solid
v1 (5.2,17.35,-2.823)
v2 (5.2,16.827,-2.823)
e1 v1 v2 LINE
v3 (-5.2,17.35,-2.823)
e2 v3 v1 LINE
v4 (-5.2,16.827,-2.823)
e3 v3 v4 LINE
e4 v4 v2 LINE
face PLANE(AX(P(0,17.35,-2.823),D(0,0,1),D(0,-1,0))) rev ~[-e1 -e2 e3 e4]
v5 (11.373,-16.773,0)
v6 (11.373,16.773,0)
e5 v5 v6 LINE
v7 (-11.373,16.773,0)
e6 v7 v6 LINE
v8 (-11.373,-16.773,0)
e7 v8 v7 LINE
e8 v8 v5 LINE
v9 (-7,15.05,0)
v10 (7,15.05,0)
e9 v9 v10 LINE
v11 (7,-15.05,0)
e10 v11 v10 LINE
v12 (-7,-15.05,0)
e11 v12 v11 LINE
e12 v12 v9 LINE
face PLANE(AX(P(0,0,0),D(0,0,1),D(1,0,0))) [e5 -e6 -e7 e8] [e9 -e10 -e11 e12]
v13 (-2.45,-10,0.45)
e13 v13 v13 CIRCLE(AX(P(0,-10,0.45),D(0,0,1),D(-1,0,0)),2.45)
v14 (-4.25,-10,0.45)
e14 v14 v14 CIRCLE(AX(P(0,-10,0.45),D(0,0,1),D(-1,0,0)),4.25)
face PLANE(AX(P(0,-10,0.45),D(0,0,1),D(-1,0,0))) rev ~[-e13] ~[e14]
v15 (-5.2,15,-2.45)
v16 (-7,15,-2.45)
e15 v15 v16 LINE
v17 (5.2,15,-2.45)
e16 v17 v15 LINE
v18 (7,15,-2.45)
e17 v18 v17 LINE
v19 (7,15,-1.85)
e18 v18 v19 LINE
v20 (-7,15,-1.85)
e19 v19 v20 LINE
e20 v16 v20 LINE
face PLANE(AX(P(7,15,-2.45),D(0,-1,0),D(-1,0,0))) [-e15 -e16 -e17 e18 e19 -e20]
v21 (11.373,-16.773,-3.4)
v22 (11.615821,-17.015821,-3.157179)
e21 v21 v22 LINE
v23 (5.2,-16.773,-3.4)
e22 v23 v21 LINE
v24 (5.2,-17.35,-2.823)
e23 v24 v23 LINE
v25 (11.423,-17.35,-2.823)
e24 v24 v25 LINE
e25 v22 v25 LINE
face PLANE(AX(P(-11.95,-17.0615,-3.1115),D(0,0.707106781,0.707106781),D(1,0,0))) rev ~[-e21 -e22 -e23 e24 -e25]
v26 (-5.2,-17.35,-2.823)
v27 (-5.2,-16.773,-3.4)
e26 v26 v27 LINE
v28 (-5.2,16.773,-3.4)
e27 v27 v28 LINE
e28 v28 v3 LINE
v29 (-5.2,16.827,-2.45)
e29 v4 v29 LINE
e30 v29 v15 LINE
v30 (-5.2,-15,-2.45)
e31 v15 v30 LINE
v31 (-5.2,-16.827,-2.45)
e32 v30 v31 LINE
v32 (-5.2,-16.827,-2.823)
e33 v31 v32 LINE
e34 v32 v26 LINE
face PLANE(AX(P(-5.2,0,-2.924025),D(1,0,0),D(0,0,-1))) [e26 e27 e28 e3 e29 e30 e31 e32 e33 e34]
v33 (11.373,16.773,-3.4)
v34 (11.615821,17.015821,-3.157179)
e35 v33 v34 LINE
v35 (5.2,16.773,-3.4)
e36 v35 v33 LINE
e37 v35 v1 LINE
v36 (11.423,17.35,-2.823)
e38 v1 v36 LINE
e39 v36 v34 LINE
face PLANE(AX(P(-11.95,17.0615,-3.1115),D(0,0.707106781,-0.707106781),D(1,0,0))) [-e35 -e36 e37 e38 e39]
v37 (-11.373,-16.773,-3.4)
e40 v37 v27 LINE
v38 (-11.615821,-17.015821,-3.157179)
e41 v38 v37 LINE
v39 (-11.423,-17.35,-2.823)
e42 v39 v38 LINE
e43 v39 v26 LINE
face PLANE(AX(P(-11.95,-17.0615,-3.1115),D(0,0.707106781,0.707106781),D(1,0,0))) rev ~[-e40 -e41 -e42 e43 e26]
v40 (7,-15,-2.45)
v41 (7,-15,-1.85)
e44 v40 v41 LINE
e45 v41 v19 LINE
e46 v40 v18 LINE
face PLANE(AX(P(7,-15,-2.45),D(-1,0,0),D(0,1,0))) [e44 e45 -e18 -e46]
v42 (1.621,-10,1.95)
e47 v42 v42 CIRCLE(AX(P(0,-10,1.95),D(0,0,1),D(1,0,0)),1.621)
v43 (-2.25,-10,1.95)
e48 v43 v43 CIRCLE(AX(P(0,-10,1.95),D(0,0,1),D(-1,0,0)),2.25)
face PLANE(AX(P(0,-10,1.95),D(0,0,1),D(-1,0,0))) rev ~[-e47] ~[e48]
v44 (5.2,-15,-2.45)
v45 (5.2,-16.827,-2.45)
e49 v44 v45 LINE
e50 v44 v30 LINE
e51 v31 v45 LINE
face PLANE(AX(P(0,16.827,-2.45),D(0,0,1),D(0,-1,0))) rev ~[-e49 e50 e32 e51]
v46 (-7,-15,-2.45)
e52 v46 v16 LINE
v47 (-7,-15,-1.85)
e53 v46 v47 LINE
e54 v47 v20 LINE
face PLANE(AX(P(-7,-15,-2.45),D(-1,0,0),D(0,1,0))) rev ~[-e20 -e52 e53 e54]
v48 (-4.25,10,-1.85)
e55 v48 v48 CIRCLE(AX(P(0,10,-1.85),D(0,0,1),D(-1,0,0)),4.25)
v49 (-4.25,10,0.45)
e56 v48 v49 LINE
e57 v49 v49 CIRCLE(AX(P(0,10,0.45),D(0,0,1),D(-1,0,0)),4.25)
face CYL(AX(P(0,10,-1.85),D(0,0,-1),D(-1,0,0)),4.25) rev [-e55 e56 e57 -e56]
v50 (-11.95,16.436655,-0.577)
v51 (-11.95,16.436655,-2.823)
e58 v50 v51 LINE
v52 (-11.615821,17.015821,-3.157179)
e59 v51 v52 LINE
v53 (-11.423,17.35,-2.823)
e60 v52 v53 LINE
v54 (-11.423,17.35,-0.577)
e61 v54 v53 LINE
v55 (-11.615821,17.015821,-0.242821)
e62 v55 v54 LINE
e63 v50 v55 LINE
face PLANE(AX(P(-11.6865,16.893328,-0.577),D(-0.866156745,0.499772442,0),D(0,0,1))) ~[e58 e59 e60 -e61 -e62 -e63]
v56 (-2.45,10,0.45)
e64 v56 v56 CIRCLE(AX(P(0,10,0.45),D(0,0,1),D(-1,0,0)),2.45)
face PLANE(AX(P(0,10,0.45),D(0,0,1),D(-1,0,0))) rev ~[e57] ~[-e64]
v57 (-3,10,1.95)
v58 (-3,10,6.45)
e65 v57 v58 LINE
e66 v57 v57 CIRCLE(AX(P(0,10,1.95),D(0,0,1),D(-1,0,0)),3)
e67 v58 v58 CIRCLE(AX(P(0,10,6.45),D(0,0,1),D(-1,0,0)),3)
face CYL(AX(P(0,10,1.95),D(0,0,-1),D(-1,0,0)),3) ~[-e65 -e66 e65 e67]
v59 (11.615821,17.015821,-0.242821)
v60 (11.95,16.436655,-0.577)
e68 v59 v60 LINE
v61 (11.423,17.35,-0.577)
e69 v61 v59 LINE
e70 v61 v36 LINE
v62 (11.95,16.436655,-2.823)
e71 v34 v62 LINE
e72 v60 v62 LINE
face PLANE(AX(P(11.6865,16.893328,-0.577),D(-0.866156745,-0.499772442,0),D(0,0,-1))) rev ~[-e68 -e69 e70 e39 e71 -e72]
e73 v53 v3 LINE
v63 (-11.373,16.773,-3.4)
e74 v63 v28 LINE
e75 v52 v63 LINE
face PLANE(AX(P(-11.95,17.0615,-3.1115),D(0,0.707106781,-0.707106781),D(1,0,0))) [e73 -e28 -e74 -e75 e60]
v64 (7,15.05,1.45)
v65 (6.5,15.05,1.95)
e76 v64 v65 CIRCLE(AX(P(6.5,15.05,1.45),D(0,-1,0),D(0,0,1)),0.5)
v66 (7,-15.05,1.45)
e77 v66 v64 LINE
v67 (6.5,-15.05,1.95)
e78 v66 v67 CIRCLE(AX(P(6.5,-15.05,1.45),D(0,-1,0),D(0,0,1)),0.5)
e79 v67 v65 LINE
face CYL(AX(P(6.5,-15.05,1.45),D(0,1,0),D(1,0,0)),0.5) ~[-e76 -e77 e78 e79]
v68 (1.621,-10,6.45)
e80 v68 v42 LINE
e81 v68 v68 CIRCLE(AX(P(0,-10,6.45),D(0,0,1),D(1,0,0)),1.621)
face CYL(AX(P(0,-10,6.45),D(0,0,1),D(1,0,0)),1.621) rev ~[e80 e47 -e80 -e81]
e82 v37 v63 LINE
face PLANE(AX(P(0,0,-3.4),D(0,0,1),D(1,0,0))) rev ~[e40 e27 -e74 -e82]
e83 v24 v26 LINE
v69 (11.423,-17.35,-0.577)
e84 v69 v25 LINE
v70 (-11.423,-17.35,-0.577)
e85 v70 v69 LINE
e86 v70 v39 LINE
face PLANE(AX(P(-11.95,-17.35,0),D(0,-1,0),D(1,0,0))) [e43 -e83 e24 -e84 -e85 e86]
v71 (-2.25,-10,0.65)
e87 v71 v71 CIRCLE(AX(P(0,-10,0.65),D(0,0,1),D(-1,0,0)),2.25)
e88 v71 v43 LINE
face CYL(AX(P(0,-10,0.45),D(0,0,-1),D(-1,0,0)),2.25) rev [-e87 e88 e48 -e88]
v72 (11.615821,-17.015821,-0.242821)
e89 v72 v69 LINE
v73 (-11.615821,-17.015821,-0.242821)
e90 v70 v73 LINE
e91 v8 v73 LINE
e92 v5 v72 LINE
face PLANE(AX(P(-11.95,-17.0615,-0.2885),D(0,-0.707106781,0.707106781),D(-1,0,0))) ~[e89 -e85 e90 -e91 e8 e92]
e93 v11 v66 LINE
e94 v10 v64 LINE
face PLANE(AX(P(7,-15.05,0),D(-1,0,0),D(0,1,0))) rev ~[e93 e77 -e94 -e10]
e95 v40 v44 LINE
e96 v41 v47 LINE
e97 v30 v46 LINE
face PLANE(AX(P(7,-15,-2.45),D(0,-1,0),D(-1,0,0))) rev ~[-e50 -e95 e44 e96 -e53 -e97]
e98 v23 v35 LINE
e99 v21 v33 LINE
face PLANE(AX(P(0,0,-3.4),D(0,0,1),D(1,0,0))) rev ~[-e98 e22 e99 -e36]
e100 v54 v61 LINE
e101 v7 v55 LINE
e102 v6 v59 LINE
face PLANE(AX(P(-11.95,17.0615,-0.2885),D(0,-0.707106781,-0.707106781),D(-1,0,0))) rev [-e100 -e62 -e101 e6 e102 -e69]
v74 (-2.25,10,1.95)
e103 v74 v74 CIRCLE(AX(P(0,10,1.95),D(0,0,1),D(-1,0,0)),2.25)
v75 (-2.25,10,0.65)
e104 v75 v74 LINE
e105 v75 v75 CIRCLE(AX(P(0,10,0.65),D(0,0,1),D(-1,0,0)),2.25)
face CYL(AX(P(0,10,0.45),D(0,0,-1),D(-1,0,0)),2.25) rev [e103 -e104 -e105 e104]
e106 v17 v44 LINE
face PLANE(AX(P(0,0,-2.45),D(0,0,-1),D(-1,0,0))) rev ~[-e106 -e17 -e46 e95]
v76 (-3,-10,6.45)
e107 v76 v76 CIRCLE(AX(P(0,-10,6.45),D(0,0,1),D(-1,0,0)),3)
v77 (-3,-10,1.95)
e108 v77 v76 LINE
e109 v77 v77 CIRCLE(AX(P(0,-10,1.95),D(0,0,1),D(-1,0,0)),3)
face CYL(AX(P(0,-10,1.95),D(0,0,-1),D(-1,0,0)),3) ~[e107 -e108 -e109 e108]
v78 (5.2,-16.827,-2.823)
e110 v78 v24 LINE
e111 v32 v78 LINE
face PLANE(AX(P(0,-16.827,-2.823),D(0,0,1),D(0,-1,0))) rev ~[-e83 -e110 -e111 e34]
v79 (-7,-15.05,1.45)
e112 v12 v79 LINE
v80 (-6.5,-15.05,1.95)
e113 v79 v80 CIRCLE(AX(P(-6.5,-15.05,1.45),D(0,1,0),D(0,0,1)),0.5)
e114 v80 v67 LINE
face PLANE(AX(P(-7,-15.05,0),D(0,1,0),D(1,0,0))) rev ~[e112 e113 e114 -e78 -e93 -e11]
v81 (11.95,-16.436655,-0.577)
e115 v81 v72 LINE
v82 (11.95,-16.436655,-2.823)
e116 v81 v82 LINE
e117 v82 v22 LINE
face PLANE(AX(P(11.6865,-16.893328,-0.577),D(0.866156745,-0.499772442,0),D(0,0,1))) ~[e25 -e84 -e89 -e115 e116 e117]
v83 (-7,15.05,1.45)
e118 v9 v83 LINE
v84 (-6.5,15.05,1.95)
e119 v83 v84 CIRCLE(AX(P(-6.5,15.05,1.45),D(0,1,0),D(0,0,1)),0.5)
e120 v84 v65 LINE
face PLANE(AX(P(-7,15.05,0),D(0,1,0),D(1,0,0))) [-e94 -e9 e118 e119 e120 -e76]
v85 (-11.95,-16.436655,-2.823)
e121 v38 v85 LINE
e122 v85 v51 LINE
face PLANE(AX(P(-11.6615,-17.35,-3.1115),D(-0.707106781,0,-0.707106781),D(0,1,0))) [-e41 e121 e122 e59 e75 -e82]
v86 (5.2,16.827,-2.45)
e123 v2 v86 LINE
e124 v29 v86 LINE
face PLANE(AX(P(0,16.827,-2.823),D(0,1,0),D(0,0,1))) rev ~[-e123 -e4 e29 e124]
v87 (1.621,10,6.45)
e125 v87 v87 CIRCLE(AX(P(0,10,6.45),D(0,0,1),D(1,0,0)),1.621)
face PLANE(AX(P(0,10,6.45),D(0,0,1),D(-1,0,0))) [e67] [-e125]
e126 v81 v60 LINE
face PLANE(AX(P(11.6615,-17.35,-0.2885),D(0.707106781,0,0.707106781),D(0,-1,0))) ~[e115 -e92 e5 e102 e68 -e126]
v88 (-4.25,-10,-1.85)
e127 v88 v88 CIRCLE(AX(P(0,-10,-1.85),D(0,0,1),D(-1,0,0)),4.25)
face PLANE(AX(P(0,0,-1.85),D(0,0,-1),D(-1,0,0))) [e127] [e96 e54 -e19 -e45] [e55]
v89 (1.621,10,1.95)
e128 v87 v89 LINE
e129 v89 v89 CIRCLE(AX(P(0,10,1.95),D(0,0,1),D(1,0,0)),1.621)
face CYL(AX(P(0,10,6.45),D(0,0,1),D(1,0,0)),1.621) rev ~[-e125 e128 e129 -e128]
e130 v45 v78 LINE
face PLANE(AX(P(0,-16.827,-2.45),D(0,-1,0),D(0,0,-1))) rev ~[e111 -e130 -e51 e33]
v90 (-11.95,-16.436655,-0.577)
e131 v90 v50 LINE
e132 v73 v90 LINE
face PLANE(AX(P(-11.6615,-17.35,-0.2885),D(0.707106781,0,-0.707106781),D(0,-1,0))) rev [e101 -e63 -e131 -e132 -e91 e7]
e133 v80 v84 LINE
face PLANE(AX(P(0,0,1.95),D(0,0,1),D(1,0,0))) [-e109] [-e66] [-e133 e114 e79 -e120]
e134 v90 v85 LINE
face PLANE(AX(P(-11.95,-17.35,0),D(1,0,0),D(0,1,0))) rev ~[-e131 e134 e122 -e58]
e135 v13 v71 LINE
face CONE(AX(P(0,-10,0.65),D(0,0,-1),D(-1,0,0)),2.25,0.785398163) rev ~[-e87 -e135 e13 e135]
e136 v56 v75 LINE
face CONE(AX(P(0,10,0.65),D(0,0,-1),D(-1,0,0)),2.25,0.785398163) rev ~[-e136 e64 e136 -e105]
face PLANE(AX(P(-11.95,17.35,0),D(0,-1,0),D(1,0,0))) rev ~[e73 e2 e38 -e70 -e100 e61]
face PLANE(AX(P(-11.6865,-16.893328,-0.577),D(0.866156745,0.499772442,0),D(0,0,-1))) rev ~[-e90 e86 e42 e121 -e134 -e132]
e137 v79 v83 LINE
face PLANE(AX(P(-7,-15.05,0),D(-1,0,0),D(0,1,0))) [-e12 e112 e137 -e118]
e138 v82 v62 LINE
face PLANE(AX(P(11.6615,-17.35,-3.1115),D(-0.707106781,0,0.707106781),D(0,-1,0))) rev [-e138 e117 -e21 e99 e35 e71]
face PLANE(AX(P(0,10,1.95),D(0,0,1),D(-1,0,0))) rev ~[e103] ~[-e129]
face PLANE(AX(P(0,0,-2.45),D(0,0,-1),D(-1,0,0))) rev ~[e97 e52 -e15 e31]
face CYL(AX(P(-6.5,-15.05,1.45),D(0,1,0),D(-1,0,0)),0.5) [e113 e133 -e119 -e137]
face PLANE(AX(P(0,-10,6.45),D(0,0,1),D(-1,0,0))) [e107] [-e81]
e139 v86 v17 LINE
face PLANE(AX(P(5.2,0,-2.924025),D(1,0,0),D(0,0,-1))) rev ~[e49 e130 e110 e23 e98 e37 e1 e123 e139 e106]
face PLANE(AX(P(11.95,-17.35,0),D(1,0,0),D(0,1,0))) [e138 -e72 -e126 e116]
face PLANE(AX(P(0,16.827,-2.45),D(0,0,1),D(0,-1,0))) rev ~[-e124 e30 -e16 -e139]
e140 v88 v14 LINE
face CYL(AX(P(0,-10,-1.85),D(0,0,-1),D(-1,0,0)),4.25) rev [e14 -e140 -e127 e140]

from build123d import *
from OCP.BRepFilletAPI import BRepFilletAPI_MakeChamfer

# Parameters (mm, degrees)
SKETCH1_W           = 23.9
SKETCH1_H           = 34.7
BOSS_EXTRUDE1_DEPTH = 3.4
SKETCH2_W           = 14
SKETCH2_H           = 30.1
BOSS_EXTRUDE2_DEPTH = 1.95
SKETCH3_R           = 3
BOSS_EXTRUDE3_DEPTH = 4.5
CHAMFER1_SIZE       = 0.577
CUT_EXTRUDE1_DEPTH  = 5.2
SKETCH6_W           = 14
SKETCH6_H           = 30
CUT_EXTRUDE2_DEPTH  = 0.6
SKETCH7_R           = 4.25
CUT_EXTRUDE3_DEPTH  = 2.3
SKETCH8_R           = 2.25
CUT_EXTRUDE4_DEPTH  = 1.5
FILLET1_R           = 0.5
CHAMFER2_SIZE       = 0.577
CHAMFER3_SIZE       = 0.527
CHAMFER3_SIZE2      = 0.913344887
CHAMFER4_SIZE       = 0.913344887
CHAMFER4_SIZE2      = 0.527
CUT_EXTRUDE5_REACH  = 25.256
SKETCH9_R           = 1.621
CHAMFER5_SIZE       = 0.2


with BuildPart() as part:
    # Sketch1 → Boss-Extrude1 (new body)
    with BuildSketch(Plane.XY):
        Rectangle(SKETCH1_W, SKETCH1_H)
    extrude(amount=-BOSS_EXTRUDE1_DEPTH)

    # Sketch2 → Boss-Extrude2 (add)
    with BuildSketch(Plane.XY):
        Rectangle(SKETCH2_W, SKETCH2_H)
    extrude(amount=BOSS_EXTRUDE2_DEPTH)

    # Sketch3 → Boss-Extrude3 (add)
    with BuildSketch(Plane.XY.offset(1.95)):
        with Locations(Location((0, 10, 0), (0, 0, 180))):
            Circle(SKETCH3_R)
        with Locations(Location((0, -10, 0), (0, 0, 180))):
            Circle(SKETCH3_R)
    extrude(amount=BOSS_EXTRUDE3_DEPTH)

    # Chamfer1
    chamfer1_edges = [part.edges().sort_by_distance(p)[0] for p in [
        (11.95, 0, -3.4),
        (0, 17.35, -3.4),
        (-11.95, 0, -3.4),
        (0, -17.35, -3.4),
    ]]
    chamfer(chamfer1_edges, length=CHAMFER1_SIZE)

    # Sketch5 → Cut-Extrude1 (cut, symmetric)
    with BuildSketch(Plane(origin=(0, 0, 0), x_dir=(0, 0, -1), z_dir=(1, 0, 0))):
        Polygon((3.4, 16.773), (2.823, 17.35), (2.823, 16.826999997), (2.449999998, 16.826999997), (2.449999998, -16.826999997), (2.823, -16.826999997), (2.823, -17.35), (3.4, -16.773), align=None)
    extrude(amount=CUT_EXTRUDE1_DEPTH, both=True, mode=Mode.SUBTRACT)

    # Sketch6 → Cut-Extrude2 (cut)
    with BuildSketch(Plane(origin=(0, 0, -2.449999998), x_dir=(-1, 0, 0), z_dir=(0, 0, -1))):
        Rectangle(SKETCH6_W, SKETCH6_H)
    extrude(amount=-CUT_EXTRUDE2_DEPTH, mode=Mode.SUBTRACT)

    # Sketch7 → Cut-Extrude3 (cut)
    with BuildSketch(Plane.XY.offset(-1.849999998)):
        with Locations(Location((0, 10, 0), (0, 0, 180))):
            Circle(SKETCH7_R)
        with Locations(Location((0, -10, 0), (0, 0, 180))):
            Circle(SKETCH7_R)
    extrude(amount=CUT_EXTRUDE3_DEPTH, mode=Mode.SUBTRACT)

    # Sketch8 → Cut-Extrude4 (cut)
    with BuildSketch(Plane.XY.offset(0.450000002)):
        with Locations(Location((0, 10, 0), (0, 0, 180))):
            Circle(SKETCH8_R)
        with Locations(Location((0, -10, 0), (0, 0, 180))):
            Circle(SKETCH8_R)
    extrude(amount=CUT_EXTRUDE4_DEPTH, mode=Mode.SUBTRACT)

    # Fillet1
    fillet1_edges = [part.edges().sort_by_distance(p)[0] for p in [
        (-7, 0, 1.95),
        (7, 0, 1.95),
    ]]
    fillet(fillet1_edges, radius=FILLET1_R)

    # Chamfer2
    chamfer2_edges = [part.edges().sort_by_distance(p)[0] for p in [
        (0, 17.35, 0),
        (11.95, 0, 0),
        (0, -17.35, 0),
        (-11.95, 0, 0),
    ]]
    chamfer(chamfer2_edges, length=CHAMFER2_SIZE)

    # Chamfer3: one chamfer whose edges measure the first distance from different faces: ONE call of the kernel's chamfer builder (chamfer() names one face for all edges)
    chamfer3_edges_1 = [part.edges().sort_by_distance(p)[0] for p in [
        (11.95, 17.35, -1.7),
    ]]
    chamfer3_side_1 = [part.faces().sort_by_distance(p)[0] for p in [
        (0, 17.35, -1.7),
    ]]
    chamfer3_edges_2 = [part.edges().sort_by_distance(p)[0] for p in [
        (-11.95, -17.35, -1.7),
    ]]
    chamfer3_side_2 = [part.faces().sort_by_distance(p)[0] for p in [
        (0, -17.35, -1.7),
    ]]
    chamfer3 = BRepFilletAPI_MakeChamfer(part.part.solid().wrapped)
    for e in chamfer3_edges_1:
        chamfer3.Add(CHAMFER3_SIZE, CHAMFER3_SIZE2, e.wrapped, chamfer3_side_1[0].wrapped)  # the first distance lies on this face
    for e in chamfer3_edges_2:
        chamfer3.Add(CHAMFER3_SIZE, CHAMFER3_SIZE2, e.wrapped, chamfer3_side_2[0].wrapped)  # the first distance lies on this face
    add(Compound.cast(chamfer3.Shape()), mode=Mode.REPLACE)

    # Chamfer4: one chamfer whose edges measure the first distance from different faces: ONE call of the kernel's chamfer builder (chamfer() names one face for all edges)
    chamfer4_edges_1 = [part.edges().sort_by_distance(p)[0] for p in [
        (-11.95, 17.35, -1.7),
    ]]
    chamfer4_side_1 = [part.faces().sort_by_distance(p)[0] for p in [
        (-11.95, 0.456672443, -1.7),
    ]]
    chamfer4_edges_2 = [part.edges().sort_by_distance(p)[0] for p in [
        (11.95, -17.35, -1.7),
    ]]
    chamfer4_side_2 = [part.faces().sort_by_distance(p)[0] for p in [
        (11.95, -0.456672443, -1.7),
    ]]
    chamfer4 = BRepFilletAPI_MakeChamfer(part.part.solid().wrapped)
    for e in chamfer4_edges_1:
        chamfer4.Add(CHAMFER4_SIZE, CHAMFER4_SIZE2, e.wrapped, chamfer4_side_1[0].wrapped)  # the first distance lies on this face
    for e in chamfer4_edges_2:
        chamfer4.Add(CHAMFER4_SIZE, CHAMFER4_SIZE2, e.wrapped, chamfer4_side_2[0].wrapped)  # the first distance lies on this face
    add(Compound.cast(chamfer4.Shape()), mode=Mode.REPLACE)

    # Sketch9 → Cut-Extrude5 (cut, up to next)
    with BuildSketch(Plane.XY.offset(6.45), mode=Mode.PRIVATE) as cut_extrude5_sk1:
        with Locations((0, 10)):
            Circle(SKETCH9_R)
    cut_extrude5_tool1 = extrude(cut_extrude5_sk1.sketch, amount=-CUT_EXTRUDE5_REACH, mode=Mode.PRIVATE) & part.part
    # Sketch9 → Cut-Extrude5 (cut, up to next)
    with BuildSketch(Plane.XY.offset(6.45), mode=Mode.PRIVATE) as cut_extrude5_sk2:
        with Locations((0, -10)):
            Circle(SKETCH9_R)
    cut_extrude5_tool2 = extrude(cut_extrude5_sk2.sketch, amount=-CUT_EXTRUDE5_REACH, mode=Mode.PRIVATE) & part.part
    add(cut_extrude5_tool1.solids().sort_by_distance((0, 10, 6.45))[0], mode=Mode.SUBTRACT)
    add(cut_extrude5_tool2.solids().sort_by_distance((0, -10, 6.45))[0], mode=Mode.SUBTRACT)

    # Chamfer5
    chamfer5_edges = [part.edges().sort_by_distance(p)[0] for p in [
        (2.25, -10, 0.450000002),
        (2.25, 10, 0.450000002),
    ]]
    chamfer(chamfer5_edges, length=CHAMFER5_SIZE)


solid = part.part
